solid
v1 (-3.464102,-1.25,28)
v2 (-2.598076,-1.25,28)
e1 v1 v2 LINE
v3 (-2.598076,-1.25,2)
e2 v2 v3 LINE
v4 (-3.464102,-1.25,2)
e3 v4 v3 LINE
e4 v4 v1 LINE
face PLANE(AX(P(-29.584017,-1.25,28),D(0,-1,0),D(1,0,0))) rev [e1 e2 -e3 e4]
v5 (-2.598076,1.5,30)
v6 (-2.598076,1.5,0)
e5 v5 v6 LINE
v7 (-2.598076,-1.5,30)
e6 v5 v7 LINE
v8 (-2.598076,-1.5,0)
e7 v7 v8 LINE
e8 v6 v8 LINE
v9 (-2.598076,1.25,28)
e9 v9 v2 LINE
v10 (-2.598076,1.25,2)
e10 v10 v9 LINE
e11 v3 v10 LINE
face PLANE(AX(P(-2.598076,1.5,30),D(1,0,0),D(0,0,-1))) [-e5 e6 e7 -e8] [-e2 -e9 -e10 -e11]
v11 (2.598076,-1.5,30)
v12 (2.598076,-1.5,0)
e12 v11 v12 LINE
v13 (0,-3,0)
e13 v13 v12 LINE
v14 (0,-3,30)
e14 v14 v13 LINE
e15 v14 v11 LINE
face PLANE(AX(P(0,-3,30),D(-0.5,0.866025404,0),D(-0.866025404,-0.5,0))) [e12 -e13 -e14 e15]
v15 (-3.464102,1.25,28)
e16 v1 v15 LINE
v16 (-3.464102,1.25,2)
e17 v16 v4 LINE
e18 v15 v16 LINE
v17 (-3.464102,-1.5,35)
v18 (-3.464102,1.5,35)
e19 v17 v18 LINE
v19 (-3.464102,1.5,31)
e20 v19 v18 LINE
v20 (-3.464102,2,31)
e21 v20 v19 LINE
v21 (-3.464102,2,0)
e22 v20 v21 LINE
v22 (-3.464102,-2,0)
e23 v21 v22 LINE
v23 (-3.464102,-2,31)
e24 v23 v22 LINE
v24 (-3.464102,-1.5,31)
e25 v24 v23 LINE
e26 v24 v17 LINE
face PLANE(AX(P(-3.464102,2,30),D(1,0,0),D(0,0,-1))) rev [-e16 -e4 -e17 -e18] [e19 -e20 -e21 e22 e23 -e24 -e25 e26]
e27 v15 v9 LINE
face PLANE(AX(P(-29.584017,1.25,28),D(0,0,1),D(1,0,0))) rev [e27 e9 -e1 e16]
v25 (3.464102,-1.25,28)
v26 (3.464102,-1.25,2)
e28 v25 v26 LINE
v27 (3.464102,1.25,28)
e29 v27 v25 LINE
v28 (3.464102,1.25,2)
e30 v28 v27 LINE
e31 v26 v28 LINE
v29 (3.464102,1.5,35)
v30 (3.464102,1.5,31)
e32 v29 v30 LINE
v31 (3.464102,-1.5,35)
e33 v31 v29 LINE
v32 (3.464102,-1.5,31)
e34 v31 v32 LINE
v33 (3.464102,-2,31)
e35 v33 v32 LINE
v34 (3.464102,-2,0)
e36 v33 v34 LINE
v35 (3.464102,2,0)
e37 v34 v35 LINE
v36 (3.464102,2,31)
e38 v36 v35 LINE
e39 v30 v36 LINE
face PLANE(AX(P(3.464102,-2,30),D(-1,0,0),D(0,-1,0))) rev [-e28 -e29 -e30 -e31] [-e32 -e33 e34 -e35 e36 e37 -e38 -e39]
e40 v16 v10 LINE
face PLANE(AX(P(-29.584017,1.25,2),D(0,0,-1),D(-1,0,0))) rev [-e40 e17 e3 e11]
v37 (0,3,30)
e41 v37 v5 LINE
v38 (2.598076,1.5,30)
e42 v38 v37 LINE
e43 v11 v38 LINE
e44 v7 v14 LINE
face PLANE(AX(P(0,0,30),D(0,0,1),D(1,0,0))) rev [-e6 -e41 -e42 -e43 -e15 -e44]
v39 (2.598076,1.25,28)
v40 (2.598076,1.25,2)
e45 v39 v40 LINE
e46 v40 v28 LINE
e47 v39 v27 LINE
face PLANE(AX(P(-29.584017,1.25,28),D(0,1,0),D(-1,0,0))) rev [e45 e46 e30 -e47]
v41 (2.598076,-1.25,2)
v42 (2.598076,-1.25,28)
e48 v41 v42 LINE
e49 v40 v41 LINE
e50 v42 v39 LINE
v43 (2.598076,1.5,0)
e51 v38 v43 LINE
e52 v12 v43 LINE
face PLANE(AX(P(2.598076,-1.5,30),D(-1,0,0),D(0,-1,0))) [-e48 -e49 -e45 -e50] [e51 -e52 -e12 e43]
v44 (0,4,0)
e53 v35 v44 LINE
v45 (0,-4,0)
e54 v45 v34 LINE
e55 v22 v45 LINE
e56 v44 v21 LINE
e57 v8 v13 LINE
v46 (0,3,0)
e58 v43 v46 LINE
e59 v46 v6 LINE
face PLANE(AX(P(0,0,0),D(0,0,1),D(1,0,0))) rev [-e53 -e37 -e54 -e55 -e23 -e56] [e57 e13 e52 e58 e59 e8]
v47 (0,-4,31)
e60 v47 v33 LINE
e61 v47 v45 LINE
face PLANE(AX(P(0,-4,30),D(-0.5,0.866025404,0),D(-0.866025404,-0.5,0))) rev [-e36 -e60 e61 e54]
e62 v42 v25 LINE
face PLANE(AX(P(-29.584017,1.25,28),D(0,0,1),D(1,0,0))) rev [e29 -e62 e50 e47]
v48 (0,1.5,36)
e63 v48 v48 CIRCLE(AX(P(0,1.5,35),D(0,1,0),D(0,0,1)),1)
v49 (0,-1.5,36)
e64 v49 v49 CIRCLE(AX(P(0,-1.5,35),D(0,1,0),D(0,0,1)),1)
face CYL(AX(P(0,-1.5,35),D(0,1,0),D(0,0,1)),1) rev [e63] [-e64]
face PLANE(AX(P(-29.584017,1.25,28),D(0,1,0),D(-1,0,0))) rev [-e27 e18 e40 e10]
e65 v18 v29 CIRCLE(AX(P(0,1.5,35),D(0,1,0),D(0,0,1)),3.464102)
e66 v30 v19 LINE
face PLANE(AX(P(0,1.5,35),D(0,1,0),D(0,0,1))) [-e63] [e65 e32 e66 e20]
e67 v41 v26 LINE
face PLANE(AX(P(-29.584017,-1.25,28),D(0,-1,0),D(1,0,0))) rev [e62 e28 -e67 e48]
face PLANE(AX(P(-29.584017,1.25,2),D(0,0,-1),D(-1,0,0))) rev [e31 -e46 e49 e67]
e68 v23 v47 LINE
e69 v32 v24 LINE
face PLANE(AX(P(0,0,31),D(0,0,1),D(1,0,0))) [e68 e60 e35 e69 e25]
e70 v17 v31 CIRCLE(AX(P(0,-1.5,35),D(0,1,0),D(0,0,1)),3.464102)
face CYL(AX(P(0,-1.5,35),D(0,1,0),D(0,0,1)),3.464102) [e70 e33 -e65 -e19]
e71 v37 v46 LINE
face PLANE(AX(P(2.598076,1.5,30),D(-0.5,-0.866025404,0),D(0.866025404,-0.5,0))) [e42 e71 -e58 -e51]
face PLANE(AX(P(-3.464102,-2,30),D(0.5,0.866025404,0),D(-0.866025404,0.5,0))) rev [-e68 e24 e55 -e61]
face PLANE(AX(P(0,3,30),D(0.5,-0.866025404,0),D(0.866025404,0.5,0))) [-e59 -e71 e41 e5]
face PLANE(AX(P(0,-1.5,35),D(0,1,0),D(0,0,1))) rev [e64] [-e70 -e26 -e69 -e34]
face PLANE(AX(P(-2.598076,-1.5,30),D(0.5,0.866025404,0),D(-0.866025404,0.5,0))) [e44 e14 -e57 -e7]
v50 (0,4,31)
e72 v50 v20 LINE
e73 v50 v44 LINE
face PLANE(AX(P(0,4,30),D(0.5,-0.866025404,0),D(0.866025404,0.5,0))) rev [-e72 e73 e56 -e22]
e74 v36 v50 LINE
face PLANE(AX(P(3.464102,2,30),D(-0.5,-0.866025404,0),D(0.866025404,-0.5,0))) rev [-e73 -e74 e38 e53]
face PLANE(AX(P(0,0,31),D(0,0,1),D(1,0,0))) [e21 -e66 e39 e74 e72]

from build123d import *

# Parameters (mm, degrees)
EXTRUDE_1_DEPTH      = 30
EXTRUDE_2_DEPTH      = 1
SKETCH_3_W           = 26
SKETCH_3_H           = 2.5
CUT_EXTRUDE_1_DEPTH  = 6.928203
SKETCH_7_R           = 1
EXTRUDE_3_DEPTH      = 1.5
EXTRUDE_3_DEPTH_BACK = 1.5


with BuildPart() as part:
    # 스케치1 → 보스-돌출1 (new body)
    with BuildSketch(Plane.XY):
        Polygon((0, 4), (-3.464101615, 2), (-3.464101615, -2), (0, -4), (3.464101615, -2), (3.464101615, 2), align=None)
        Polygon((0, 3), (-2.598076211, 1.5), (-2.598076211, -1.5), (0, -3), (2.598076211, -1.5), (2.598076211, 1.5), align=None, mode=Mode.SUBTRACT)
    extrude(amount=EXTRUDE_1_DEPTH)

    # 스케치4 → 보스-돌출2 (add)
    with BuildSketch(Plane.XY.offset(30)):
        Polygon((0, 4), (-3.464101615, 2), (-3.464101615, -2), (0, -4), (3.464101615, -2), (3.464101615, 2), align=None)
    extrude(amount=EXTRUDE_2_DEPTH)

    # 스케치3 → 컷-돌출1 (cut)
    with BuildSketch(Plane(origin=(3.464101615, 0, 0), x_dir=(0, 0, -1), z_dir=(1, 0, 0))):
        with Locations((-15, 0)):
            Rectangle(SKETCH_3_W, SKETCH_3_H)
    extrude(amount=-CUT_EXTRUDE_1_DEPTH, mode=Mode.SUBTRACT)

    # 스케치7 → 보스-돌출3 (add, two sides)
    with BuildSketch(Plane(origin=(0, 0, 0), x_dir=(1, 0, 0), z_dir=(0, 1, 0))) as extrude_3_sk:
        with BuildLine():
            Line((3.464101615, -31), (-3.464101615, -31))
            Line((-3.464101615, -31), (-3.464101615, -35))
            ThreePointArc((-3.464101615, -35), (0, -38.464101615), (3.464101615, -35))
            Line((3.464101615, -35), (3.464101615, -31))
        make_face()
        with Locations((0, -35)):
            Circle(SKETCH_7_R, mode=Mode.SUBTRACT)
    extrude(amount=EXTRUDE_3_DEPTH)
    extrude(extrude_3_sk.sketch, amount=-EXTRUDE_3_DEPTH_BACK)


solid = part.part
